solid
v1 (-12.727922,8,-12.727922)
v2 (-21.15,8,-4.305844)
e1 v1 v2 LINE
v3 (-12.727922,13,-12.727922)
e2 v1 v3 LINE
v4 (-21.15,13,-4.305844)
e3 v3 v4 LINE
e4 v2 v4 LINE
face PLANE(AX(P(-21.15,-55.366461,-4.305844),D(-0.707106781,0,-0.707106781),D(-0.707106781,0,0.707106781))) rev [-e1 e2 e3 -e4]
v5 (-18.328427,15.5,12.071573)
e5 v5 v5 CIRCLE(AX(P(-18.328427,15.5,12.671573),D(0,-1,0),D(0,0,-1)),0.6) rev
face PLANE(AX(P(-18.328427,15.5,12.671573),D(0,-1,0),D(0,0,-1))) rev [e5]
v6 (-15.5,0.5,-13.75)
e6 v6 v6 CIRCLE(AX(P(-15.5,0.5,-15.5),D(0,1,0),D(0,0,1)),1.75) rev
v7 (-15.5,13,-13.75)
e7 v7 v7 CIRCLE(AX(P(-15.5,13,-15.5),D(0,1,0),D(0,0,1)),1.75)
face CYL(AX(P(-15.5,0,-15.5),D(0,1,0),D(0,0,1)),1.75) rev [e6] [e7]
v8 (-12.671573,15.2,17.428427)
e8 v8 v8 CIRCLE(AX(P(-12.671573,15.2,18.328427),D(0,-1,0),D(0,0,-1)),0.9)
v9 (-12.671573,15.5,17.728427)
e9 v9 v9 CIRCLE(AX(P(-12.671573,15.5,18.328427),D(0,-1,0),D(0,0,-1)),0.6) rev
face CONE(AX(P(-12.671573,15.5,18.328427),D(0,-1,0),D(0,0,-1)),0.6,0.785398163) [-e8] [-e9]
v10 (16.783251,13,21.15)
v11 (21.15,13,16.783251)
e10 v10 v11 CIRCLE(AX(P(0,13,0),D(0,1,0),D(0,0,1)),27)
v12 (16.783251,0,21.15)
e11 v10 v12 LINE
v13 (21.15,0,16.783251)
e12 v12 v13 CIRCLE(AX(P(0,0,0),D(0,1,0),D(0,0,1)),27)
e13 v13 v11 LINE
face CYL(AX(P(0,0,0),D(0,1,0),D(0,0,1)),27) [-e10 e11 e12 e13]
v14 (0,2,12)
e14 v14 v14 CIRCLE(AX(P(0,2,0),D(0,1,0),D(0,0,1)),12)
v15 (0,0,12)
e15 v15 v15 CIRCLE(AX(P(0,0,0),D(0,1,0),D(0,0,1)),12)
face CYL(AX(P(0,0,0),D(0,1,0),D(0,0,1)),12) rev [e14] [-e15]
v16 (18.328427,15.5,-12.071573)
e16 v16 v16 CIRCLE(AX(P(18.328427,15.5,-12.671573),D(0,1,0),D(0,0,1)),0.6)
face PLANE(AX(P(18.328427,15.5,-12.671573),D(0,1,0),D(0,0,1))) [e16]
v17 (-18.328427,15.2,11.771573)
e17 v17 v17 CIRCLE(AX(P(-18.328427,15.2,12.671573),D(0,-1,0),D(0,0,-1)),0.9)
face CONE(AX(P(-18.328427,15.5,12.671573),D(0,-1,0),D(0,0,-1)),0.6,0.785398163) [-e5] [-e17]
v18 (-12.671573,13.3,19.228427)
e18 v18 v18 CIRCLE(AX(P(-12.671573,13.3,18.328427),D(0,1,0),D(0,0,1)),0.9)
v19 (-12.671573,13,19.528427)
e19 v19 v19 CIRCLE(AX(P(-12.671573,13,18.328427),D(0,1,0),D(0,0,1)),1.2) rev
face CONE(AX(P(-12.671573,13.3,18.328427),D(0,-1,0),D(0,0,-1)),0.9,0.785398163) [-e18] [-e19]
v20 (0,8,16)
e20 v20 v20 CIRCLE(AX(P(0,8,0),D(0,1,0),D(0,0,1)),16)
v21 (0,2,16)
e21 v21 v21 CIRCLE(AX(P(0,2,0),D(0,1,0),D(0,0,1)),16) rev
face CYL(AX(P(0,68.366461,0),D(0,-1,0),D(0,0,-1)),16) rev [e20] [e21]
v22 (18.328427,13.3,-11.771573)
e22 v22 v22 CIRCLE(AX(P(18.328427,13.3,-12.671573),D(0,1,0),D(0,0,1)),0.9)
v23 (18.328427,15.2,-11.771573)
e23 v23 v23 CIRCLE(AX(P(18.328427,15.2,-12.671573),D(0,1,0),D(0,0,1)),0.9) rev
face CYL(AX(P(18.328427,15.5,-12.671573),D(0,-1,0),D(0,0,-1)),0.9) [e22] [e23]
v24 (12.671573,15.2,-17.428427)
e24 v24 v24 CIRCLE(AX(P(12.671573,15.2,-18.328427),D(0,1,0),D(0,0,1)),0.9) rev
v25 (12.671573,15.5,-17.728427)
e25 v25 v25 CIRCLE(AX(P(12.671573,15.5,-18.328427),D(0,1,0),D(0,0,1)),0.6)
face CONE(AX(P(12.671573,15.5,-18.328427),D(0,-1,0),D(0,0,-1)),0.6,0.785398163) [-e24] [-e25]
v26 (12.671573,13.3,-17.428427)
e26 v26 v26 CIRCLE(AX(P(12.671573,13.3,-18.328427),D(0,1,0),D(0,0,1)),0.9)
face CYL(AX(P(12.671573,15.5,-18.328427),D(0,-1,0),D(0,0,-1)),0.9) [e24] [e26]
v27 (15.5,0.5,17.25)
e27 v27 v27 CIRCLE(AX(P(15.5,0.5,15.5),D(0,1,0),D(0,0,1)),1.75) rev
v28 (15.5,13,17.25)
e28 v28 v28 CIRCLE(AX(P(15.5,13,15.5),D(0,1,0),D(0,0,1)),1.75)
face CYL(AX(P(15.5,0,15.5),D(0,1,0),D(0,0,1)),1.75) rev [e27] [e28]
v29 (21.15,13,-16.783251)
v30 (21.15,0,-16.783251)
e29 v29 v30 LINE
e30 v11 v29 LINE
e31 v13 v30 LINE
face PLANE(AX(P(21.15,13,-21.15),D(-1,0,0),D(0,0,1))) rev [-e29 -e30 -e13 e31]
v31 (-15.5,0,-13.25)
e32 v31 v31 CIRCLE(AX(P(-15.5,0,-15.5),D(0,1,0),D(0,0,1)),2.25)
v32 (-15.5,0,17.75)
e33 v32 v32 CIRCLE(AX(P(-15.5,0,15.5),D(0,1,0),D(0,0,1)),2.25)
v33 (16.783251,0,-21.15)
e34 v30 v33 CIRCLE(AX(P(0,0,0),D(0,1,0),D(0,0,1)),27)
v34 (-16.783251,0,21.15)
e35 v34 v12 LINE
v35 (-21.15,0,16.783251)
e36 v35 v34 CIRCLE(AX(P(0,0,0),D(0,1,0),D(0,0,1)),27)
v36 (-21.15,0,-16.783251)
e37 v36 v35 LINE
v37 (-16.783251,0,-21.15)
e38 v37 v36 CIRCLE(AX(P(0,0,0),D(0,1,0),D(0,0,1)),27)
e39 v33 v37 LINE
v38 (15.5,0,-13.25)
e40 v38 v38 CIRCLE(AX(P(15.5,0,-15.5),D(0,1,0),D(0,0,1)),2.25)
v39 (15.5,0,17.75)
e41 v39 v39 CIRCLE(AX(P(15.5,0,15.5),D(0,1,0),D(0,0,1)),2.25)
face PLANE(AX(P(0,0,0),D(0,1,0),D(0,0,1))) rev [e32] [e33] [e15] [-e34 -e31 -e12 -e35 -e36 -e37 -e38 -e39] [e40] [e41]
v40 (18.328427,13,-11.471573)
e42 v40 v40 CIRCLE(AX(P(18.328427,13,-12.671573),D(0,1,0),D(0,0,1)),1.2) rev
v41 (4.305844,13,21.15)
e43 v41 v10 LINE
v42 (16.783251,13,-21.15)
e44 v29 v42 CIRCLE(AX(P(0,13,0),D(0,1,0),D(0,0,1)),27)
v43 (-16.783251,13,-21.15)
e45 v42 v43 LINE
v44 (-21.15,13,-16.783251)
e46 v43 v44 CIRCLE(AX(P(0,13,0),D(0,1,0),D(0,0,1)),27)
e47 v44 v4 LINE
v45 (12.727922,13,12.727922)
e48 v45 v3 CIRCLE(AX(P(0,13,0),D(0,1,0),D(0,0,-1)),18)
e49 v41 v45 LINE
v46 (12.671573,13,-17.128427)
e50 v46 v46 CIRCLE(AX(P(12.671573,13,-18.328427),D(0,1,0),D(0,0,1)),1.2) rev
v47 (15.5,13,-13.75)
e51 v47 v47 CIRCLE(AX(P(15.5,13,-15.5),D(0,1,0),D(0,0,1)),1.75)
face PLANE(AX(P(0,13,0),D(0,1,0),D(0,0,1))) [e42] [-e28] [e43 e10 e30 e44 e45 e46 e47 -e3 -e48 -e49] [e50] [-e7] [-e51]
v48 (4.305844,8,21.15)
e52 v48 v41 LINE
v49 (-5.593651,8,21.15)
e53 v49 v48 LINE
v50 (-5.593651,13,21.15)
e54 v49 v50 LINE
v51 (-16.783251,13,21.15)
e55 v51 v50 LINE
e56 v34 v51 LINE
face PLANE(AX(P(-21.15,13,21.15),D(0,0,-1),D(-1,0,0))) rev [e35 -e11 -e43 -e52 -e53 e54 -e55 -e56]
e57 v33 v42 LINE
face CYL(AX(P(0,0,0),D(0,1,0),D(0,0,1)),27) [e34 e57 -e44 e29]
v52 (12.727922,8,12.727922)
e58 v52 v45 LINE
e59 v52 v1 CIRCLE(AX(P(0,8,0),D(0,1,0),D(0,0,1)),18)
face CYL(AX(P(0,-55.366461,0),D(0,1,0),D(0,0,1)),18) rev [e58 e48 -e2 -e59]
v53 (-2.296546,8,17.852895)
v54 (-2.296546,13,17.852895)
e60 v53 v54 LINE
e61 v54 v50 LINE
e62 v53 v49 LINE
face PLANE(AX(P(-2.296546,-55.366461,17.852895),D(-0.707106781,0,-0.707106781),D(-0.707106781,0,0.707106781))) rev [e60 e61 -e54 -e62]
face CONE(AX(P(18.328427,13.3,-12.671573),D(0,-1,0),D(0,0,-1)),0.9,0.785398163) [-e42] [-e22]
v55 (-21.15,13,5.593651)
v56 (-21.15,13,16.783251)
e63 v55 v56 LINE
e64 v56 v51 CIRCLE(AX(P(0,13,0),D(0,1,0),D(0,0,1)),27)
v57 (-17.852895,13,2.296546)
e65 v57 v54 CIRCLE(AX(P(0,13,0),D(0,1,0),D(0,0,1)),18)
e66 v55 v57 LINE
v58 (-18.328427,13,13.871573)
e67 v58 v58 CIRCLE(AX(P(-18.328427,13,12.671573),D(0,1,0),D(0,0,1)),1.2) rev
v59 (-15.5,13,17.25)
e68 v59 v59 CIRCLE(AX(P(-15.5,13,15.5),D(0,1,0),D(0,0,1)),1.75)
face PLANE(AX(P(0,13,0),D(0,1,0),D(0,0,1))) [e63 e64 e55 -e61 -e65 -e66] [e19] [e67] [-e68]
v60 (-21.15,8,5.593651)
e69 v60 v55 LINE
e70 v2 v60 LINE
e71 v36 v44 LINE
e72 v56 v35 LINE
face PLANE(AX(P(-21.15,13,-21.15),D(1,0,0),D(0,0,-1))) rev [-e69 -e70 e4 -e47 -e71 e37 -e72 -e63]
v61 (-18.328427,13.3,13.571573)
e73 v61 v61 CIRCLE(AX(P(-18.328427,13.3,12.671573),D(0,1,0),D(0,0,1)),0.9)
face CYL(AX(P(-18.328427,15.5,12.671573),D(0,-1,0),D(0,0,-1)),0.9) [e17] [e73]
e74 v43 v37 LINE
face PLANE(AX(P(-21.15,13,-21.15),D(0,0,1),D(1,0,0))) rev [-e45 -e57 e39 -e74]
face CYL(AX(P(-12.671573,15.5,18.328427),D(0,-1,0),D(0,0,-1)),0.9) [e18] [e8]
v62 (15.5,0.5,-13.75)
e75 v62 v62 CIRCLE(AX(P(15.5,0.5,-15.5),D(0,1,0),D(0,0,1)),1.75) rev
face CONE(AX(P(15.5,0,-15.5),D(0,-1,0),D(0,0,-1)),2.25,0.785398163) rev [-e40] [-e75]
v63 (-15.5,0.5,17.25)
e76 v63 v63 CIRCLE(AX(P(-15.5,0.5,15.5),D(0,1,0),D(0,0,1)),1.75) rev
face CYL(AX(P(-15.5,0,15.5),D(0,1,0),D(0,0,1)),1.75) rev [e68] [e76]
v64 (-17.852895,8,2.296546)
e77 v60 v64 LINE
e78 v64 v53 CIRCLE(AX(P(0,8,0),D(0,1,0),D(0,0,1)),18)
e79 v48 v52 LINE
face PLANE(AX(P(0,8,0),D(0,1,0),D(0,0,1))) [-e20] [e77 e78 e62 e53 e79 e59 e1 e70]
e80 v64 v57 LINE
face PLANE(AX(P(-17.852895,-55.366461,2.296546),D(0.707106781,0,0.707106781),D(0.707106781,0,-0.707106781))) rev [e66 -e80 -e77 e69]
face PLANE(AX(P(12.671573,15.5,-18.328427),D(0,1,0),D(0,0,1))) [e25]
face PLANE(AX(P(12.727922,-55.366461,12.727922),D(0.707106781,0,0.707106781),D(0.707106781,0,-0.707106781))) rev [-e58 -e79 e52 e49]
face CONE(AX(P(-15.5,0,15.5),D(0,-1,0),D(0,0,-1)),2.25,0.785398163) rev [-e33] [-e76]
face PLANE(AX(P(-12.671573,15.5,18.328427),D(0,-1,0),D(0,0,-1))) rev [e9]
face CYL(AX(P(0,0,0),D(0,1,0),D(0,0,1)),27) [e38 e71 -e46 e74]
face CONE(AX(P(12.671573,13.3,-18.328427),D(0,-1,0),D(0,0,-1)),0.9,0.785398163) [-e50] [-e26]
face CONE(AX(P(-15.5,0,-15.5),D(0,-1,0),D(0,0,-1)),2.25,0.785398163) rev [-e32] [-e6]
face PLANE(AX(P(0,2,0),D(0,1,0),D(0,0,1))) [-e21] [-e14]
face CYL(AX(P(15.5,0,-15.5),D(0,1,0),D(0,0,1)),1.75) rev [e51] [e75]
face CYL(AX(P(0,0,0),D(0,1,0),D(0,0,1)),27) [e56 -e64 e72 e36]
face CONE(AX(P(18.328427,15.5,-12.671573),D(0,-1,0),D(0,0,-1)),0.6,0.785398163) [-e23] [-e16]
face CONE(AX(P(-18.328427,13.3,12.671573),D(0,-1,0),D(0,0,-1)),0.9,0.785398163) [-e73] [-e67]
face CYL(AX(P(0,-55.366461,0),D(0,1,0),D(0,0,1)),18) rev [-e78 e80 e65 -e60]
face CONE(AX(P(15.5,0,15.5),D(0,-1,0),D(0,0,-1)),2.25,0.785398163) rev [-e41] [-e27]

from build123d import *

# Parameters (mm, degrees)
SKETCH2_W           = 42.3
SKETCH2_H           = 42.3
BOSS_EXTRUDE1_DEPTH = 13
SKETCH3_R           = 11
CUT_EXTRUDE1_DEPTH  = 14
SKETCH4_R           = 1.75
CUT_EXTRUDE2_DEPTH  = 14
SKETCH5_R           = 29.910616844
SKETCH5_R_2         = 27
CUT_EXTRUDE4_DEPTH  = 14
CUT_EXTRUDE5_DEPTH  = 11
SKETCH7_R           = 16
BOSS_EXTRUDE2_DEPTH = 6
SKETCH8_R           = 0.9
BOSS_EXTRUDE3_DEPTH = 2.5
CHAMFER1_SIZE       = 0.3
CHAMFER2_SIZE       = 0.3
SKETCH9_R           = 12
CUT_EXTRUDE6_DEPTH  = 3
CHAMFER4_SIZE       = 0.5


with BuildPart() as part:
    # Sketch2 → Boss-Extrude1 (new body)
    with BuildSketch(Plane(origin=(0, 0, 0), x_dir=(1, 0, 0), z_dir=(0, 1, 0))):
        Rectangle(SKETCH2_W, SKETCH2_H)
    extrude(amount=BOSS_EXTRUDE1_DEPTH)

    # Sketch3 → Cut-Extrude1 (cut, through all)
    with BuildSketch(Plane(origin=(0, 13, 0), x_dir=(1, 0, 0), z_dir=(0, 1, 0))):
        Circle(SKETCH3_R)
    extrude(amount=-CUT_EXTRUDE1_DEPTH, mode=Mode.SUBTRACT)

    # Sketch4 → Cut-Extrude2 (cut, through all)
    with BuildSketch(Plane(origin=(0, 13, 0), x_dir=(1, 0, 0), z_dir=(0, 1, 0))):
        with Locations((-15.5, 15.5)):
            Circle(SKETCH4_R)
        with Locations((15.5, 15.5)):
            Circle(SKETCH4_R)
        with Locations((15.5, -15.5)):
            Circle(SKETCH4_R)
        with Locations((-15.5, -15.5)):
            Circle(SKETCH4_R)
    extrude(amount=-CUT_EXTRUDE2_DEPTH, mode=Mode.SUBTRACT)

    # Sketch5 → Cut-Extrude4 (cut, through all)
    with BuildSketch(Plane(origin=(0, 13, 0), x_dir=(1, 0, 0), z_dir=(0, 1, 0))):
        Circle(SKETCH5_R)
        Circle(SKETCH5_R_2, mode=Mode.SUBTRACT)
    extrude(amount=-CUT_EXTRUDE4_DEPTH, mode=Mode.SUBTRACT)

    # Sketch6 → Cut-Extrude5 (cut)
    with BuildSketch(Plane(origin=(0, 13, 0), x_dir=(1, 0, 0), z_dir=(0, 1, 0))):
        with BuildLine():
            Line((-21.15, 4.305844123), (-12.727922061, 12.727922061))
            ThreePointArc((-12.727922061, 12.727922061), (12.727922061, 12.727922061), (12.727922061, -12.727922061))
            Line((12.727922061, -12.727922061), (4.305844123, -21.15))
            Line((4.305844123, -21.15), (-5.593650814, -21.15))
            Line((-5.593650814, -21.15), (-2.296546247, -17.852895433))
            ThreePointArc((-2.296546247, -17.852895433), (-12.727922061, -12.727922061), (-17.852895433, -2.296546247))
            Line((-17.852895433, -2.296546247), (-21.15, -5.593650814))
            Line((-21.15, -5.593650814), (-21.15, 4.305844123))
        make_face()
    extrude(amount=-CUT_EXTRUDE5_DEPTH, mode=Mode.SUBTRACT)

    # Sketch7 → Boss-Extrude2 (add)
    with BuildSketch(Plane(origin=(0, 2, 0), x_dir=(1, 0, 0), z_dir=(0, 1, 0))):
        with BuildLine():
            Line((-21.15, 4.305844123), (-21.15, -5.593650814))
            Line((-21.15, -5.593650814), (-17.852895433, -2.296546247))
            ThreePointArc((-17.852895433, -2.296546247), (-12.727922061, -12.727922061), (-2.296546247, -17.852895433))
            Line((-2.296546247, -17.852895433), (-5.593650814, -21.15))
            Line((-5.593650814, -21.15), (4.305844123, -21.15))
            Line((4.305844123, -21.15), (12.727922061, -12.727922061))
            ThreePointArc((12.727922061, -12.727922061), (12.727922061, 12.727922061), (-12.727922061, 12.727922061))
            Line((-12.727922061, 12.727922061), (-21.15, 4.305844123))
        make_face()
        Circle(SKETCH7_R, mode=Mode.SUBTRACT)
    extrude(amount=BOSS_EXTRUDE2_DEPTH)

    # Sketch8 → Boss-Extrude3 (add)
    with BuildSketch(Plane(origin=(0, 13, 0), x_dir=(1, 0, 0), z_dir=(0, 1, 0))):
        with Locations((12.671572875, 18.328427125)):
            Circle(SKETCH8_R)
        with Locations((18.328427125, 12.671572875)):
            Circle(SKETCH8_R)
        with Locations((-12.671572875, -18.328427125)):
            Circle(SKETCH8_R)
        with Locations((-18.328427125, -12.671572875)):
            Circle(SKETCH8_R)
    extrude(amount=BOSS_EXTRUDE3_DEPTH)

    # Chamfer1
    chamfer1_edges = [part.edges().sort_by_distance(p)[0] for p in [
        (11.771572875, 15.5, -18.328427125),
        (17.428427125, 15.5, -12.671572875),
        (-13.571572875, 15.5, 18.328427125),
        (-19.228427125, 15.5, 12.671572875),
    ]]
    chamfer(chamfer1_edges, length=CHAMFER1_SIZE)

    # Chamfer2
    chamfer2_edges = [part.edges().sort_by_distance(p)[0] for p in [
        (11.771572875, 13, -18.328427125),
        (17.428427125, 13, -12.671572875),
        (-13.571572875, 13, 18.328427125),
        (-19.228427125, 13, 12.671572875),
    ]]
    chamfer(chamfer2_edges, length=CHAMFER2_SIZE)

    # Sketch9 → Cut-Extrude6 (cut, through all)
    with BuildSketch(Plane(origin=(0, 2, 0), x_dir=(1, 0, 0), z_dir=(0, 1, 0))):
        Circle(SKETCH9_R)
    extrude(amount=-CUT_EXTRUDE6_DEPTH, mode=Mode.SUBTRACT)

    # Chamfer4
    chamfer4_edges = [part.edges().sort_by_distance(p)[0] for p in [
        (-17.25, 0, 15.5),
        (13.75, 0, 15.5),
        (13.75, 0, -15.5),
        (-17.25, 0, -15.5),
    ]]
    chamfer(chamfer4_edges, length=CHAMFER4_SIZE)


solid = part.part
